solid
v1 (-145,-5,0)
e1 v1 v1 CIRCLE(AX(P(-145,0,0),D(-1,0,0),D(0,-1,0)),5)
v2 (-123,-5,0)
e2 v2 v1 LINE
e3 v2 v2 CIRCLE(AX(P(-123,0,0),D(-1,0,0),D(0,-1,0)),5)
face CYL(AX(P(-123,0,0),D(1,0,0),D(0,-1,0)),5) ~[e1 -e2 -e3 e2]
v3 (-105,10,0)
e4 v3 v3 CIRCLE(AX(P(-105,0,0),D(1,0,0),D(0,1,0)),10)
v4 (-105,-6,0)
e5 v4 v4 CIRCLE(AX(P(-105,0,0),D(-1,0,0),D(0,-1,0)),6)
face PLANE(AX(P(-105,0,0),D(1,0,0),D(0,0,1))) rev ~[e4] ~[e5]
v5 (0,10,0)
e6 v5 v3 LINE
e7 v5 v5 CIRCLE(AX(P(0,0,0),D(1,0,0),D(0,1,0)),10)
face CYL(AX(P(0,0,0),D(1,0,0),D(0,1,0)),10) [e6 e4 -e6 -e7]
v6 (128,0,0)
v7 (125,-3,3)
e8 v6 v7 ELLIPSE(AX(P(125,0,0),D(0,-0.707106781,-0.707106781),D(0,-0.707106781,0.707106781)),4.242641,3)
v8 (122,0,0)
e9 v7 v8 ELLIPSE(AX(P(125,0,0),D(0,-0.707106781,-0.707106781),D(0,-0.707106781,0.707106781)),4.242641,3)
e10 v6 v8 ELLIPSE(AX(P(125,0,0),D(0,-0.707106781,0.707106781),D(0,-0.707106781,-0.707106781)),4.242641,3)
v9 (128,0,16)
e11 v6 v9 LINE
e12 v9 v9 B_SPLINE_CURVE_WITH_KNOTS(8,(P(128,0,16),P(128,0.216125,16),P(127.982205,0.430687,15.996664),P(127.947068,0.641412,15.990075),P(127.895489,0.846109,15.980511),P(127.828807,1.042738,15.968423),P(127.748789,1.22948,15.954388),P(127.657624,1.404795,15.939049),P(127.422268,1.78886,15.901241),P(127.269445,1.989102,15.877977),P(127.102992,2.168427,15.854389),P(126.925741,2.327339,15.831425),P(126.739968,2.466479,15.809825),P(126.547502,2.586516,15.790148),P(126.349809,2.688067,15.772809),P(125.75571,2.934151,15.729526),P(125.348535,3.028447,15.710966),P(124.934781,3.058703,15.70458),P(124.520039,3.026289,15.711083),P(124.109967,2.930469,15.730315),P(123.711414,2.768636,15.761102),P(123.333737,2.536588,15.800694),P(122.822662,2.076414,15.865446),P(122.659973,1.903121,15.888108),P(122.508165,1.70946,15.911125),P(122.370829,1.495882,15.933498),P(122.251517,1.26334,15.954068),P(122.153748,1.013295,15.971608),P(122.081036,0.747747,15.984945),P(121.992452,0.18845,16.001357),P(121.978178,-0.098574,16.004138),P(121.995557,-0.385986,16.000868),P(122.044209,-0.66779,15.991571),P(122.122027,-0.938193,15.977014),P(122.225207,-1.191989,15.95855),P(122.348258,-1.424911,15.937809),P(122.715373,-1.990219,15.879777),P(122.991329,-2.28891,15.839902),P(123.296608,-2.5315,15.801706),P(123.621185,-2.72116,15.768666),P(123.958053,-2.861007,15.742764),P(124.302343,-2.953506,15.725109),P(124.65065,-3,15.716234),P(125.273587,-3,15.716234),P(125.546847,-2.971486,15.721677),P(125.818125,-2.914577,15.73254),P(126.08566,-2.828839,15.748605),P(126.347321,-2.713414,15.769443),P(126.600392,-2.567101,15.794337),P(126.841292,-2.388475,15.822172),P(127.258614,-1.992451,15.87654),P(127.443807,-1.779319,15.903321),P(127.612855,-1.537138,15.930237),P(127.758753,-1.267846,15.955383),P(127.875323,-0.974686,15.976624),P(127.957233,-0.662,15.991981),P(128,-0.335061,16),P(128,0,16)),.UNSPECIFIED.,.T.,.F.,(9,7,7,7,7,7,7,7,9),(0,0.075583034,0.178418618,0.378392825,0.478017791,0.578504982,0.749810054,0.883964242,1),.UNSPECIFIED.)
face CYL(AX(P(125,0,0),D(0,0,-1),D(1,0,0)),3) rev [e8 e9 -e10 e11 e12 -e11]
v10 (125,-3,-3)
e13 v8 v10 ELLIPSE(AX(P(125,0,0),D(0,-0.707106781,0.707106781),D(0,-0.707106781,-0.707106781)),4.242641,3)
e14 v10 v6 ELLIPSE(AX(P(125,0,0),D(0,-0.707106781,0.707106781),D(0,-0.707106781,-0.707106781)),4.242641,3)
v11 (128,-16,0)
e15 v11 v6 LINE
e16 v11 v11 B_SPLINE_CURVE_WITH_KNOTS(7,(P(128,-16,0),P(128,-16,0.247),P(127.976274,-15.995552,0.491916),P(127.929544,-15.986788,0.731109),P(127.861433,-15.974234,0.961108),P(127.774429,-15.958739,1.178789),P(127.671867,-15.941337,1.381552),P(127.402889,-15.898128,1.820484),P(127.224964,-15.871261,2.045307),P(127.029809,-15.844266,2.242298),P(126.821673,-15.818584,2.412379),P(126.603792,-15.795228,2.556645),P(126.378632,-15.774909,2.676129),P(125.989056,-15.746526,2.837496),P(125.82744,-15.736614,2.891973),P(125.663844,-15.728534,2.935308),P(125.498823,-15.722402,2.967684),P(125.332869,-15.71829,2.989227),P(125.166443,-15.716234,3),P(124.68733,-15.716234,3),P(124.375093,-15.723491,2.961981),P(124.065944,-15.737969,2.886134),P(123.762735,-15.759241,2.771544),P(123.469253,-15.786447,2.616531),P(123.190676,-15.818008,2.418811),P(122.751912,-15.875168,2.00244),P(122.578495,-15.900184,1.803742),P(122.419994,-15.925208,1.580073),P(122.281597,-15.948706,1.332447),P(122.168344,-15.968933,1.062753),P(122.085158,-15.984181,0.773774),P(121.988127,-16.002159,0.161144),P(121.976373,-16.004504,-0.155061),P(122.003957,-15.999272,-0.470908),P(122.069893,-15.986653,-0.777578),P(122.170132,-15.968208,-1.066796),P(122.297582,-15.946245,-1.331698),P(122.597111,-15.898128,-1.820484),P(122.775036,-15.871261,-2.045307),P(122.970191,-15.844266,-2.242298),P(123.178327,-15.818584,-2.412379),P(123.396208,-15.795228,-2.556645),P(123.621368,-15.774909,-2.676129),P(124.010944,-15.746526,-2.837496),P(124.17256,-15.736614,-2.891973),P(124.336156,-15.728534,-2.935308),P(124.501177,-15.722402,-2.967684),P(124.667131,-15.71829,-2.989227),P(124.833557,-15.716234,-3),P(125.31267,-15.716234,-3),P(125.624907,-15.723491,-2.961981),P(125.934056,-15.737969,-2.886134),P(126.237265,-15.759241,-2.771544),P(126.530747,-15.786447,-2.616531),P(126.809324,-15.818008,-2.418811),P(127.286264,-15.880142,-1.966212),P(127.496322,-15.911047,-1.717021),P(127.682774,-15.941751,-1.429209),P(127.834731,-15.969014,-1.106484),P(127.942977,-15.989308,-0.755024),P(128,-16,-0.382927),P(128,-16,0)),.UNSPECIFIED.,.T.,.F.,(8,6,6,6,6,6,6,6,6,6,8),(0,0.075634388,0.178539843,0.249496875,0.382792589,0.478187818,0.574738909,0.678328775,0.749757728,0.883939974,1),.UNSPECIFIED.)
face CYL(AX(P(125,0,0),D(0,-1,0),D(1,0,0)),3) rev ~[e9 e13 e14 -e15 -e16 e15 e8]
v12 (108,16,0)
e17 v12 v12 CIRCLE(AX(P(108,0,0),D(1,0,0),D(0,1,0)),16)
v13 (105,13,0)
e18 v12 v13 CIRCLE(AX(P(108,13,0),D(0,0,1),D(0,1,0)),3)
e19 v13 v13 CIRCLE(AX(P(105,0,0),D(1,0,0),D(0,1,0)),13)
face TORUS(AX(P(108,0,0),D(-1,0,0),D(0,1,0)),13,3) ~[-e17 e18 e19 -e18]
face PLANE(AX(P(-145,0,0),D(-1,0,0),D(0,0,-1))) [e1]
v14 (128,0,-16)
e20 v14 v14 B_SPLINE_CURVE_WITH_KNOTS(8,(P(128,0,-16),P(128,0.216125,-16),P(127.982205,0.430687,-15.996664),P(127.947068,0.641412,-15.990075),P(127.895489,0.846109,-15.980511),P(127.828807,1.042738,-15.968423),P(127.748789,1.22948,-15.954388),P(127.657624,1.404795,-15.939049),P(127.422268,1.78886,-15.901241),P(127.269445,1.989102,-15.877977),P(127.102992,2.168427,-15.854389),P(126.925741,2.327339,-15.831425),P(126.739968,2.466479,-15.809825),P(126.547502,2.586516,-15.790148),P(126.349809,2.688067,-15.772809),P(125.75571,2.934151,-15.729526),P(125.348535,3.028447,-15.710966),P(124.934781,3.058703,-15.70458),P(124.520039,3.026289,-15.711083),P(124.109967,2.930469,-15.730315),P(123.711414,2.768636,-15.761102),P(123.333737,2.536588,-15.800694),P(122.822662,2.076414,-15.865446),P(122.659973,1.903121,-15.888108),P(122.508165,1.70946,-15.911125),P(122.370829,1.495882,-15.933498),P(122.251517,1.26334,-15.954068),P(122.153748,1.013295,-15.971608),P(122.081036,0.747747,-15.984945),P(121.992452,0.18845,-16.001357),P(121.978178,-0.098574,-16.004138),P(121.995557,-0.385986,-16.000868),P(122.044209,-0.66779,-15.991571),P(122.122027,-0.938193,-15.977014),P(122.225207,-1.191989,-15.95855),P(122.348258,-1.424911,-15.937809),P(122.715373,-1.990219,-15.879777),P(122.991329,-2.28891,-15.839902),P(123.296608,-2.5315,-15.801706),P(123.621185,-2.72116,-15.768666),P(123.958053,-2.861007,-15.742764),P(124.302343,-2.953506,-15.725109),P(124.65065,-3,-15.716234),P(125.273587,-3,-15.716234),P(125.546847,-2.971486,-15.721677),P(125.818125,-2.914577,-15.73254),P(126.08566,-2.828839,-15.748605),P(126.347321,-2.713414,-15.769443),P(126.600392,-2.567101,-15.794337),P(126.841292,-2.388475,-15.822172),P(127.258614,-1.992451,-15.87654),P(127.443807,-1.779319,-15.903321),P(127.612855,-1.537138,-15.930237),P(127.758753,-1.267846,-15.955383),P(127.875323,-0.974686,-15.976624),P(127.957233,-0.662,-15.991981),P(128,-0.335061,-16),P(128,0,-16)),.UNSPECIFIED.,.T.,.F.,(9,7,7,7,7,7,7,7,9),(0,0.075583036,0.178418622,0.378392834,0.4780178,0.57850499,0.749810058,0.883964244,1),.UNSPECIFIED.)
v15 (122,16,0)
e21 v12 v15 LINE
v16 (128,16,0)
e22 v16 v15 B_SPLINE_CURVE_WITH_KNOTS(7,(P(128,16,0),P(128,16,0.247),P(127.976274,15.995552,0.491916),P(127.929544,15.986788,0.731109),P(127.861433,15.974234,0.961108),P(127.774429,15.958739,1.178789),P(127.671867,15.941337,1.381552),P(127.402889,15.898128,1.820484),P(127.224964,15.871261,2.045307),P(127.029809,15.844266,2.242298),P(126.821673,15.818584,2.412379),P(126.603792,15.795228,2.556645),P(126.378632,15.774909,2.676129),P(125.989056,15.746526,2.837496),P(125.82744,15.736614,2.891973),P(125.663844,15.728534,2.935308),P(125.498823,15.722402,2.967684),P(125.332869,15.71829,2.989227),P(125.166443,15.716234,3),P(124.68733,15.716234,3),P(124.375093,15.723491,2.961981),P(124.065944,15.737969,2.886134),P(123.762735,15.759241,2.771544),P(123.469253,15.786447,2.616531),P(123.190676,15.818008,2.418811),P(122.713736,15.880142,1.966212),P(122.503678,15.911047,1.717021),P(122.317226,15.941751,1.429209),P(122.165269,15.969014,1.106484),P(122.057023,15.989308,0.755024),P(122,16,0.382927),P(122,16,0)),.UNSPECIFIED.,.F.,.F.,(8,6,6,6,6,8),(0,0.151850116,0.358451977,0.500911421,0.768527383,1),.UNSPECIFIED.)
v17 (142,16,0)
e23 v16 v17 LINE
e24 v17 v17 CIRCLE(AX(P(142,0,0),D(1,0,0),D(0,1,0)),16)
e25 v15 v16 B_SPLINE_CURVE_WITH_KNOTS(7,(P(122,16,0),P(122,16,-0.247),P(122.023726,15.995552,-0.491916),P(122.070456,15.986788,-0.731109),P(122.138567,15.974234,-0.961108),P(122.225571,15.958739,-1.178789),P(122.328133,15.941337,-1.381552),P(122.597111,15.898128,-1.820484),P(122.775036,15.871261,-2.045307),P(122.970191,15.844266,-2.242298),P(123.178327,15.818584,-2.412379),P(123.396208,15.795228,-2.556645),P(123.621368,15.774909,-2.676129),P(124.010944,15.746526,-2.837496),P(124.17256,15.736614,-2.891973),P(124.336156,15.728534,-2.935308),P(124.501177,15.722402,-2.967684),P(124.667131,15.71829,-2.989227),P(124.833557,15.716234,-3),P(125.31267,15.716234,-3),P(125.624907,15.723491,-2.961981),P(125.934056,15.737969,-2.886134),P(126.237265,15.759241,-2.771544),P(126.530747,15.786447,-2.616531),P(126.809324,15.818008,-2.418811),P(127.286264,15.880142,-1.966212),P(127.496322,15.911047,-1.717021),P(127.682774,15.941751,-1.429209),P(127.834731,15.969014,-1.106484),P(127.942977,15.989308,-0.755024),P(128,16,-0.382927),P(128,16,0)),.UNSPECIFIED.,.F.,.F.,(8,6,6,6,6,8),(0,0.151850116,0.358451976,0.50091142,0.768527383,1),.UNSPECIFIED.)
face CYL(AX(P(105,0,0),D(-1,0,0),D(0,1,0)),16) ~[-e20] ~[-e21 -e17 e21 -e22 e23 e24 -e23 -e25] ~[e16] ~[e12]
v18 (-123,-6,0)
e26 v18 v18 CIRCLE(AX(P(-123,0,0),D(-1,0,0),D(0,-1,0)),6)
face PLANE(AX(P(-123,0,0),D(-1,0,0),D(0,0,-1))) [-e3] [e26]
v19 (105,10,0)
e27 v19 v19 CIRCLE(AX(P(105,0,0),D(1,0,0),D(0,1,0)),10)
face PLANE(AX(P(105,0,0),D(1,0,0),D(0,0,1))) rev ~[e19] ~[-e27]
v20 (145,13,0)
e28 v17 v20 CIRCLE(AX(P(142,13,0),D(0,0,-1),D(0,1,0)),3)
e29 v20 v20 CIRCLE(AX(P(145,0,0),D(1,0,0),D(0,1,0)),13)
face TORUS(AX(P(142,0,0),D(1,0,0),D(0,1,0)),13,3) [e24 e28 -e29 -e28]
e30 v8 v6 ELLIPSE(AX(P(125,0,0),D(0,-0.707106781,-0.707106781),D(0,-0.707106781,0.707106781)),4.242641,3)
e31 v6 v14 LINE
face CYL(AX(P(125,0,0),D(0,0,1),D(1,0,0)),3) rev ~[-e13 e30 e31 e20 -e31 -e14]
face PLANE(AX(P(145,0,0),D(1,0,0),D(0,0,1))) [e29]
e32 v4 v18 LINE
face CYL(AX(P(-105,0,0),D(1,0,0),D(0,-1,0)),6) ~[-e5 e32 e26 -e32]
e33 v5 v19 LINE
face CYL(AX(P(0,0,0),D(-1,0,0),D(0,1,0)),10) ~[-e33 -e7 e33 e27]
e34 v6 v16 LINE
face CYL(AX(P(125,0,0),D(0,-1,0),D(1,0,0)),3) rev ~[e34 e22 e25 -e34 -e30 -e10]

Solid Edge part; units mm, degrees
sketch "Sketch1" plane through (0, 0, 0) normal (1, 0, 0) x (0, 1, 0)
  circle A0 centre (0, 0) radius 10
extrude "Protrusion1" add sketch "Sketch1" along normal mid plane 210
sketch "Sketch2" plane through (-105, 0, 0) normal (-1, 0, 0) x (0, -1, 0)
  circle A0 centre (0, 0) radius 6
extrude "ExtrudedProtrusion_2" add sketch "Sketch2" along normal blind 18
sketch "Sketch3" plane through (-123, 0, 0) normal (-1, 0, 0) x (0, -1, 0)
  circle A0 centre (0, 0) radius 5
extrude "ExtrudedProtrusion_3" add sketch "Sketch3" along normal blind 22
sketch "Sketch4" plane through (105, 0, 0) normal (1, 0, 0) x (0, 1, 0)
  circle A0 centre (0, 0) radius 16
extrude "ExtrudedProtrusion_4" add sketch "Sketch4" along normal blind 40
cosmetic_thread "Thread1" size "Tr 10 x 2"
cosmetic_thread "Thread_2" size "Tr 20 x 4" thread depth 170
fillet "Round_1" radius 3 2 edges at (145, -16, 0) (105, -16, 0)
sketch "Sketch5" plane through (0, 0, 0) normal (0, -1, 0) x (1, 0, 0)
  circle A0 centre (125, 0) radius 3
extrude "ExtrudedCutout_2" cut sketch "Sketch5" along normal mid plane 57.4711
sketch "Sketch6" plane through (0, 0, 0) normal (0, 0, 1) x (1, 0, 0)
  circle A0 centre (125, 0) radius 3
extrude "ExtrudedCutout_3" cut sketch "Sketch6" along normal mid plane 101.3588
